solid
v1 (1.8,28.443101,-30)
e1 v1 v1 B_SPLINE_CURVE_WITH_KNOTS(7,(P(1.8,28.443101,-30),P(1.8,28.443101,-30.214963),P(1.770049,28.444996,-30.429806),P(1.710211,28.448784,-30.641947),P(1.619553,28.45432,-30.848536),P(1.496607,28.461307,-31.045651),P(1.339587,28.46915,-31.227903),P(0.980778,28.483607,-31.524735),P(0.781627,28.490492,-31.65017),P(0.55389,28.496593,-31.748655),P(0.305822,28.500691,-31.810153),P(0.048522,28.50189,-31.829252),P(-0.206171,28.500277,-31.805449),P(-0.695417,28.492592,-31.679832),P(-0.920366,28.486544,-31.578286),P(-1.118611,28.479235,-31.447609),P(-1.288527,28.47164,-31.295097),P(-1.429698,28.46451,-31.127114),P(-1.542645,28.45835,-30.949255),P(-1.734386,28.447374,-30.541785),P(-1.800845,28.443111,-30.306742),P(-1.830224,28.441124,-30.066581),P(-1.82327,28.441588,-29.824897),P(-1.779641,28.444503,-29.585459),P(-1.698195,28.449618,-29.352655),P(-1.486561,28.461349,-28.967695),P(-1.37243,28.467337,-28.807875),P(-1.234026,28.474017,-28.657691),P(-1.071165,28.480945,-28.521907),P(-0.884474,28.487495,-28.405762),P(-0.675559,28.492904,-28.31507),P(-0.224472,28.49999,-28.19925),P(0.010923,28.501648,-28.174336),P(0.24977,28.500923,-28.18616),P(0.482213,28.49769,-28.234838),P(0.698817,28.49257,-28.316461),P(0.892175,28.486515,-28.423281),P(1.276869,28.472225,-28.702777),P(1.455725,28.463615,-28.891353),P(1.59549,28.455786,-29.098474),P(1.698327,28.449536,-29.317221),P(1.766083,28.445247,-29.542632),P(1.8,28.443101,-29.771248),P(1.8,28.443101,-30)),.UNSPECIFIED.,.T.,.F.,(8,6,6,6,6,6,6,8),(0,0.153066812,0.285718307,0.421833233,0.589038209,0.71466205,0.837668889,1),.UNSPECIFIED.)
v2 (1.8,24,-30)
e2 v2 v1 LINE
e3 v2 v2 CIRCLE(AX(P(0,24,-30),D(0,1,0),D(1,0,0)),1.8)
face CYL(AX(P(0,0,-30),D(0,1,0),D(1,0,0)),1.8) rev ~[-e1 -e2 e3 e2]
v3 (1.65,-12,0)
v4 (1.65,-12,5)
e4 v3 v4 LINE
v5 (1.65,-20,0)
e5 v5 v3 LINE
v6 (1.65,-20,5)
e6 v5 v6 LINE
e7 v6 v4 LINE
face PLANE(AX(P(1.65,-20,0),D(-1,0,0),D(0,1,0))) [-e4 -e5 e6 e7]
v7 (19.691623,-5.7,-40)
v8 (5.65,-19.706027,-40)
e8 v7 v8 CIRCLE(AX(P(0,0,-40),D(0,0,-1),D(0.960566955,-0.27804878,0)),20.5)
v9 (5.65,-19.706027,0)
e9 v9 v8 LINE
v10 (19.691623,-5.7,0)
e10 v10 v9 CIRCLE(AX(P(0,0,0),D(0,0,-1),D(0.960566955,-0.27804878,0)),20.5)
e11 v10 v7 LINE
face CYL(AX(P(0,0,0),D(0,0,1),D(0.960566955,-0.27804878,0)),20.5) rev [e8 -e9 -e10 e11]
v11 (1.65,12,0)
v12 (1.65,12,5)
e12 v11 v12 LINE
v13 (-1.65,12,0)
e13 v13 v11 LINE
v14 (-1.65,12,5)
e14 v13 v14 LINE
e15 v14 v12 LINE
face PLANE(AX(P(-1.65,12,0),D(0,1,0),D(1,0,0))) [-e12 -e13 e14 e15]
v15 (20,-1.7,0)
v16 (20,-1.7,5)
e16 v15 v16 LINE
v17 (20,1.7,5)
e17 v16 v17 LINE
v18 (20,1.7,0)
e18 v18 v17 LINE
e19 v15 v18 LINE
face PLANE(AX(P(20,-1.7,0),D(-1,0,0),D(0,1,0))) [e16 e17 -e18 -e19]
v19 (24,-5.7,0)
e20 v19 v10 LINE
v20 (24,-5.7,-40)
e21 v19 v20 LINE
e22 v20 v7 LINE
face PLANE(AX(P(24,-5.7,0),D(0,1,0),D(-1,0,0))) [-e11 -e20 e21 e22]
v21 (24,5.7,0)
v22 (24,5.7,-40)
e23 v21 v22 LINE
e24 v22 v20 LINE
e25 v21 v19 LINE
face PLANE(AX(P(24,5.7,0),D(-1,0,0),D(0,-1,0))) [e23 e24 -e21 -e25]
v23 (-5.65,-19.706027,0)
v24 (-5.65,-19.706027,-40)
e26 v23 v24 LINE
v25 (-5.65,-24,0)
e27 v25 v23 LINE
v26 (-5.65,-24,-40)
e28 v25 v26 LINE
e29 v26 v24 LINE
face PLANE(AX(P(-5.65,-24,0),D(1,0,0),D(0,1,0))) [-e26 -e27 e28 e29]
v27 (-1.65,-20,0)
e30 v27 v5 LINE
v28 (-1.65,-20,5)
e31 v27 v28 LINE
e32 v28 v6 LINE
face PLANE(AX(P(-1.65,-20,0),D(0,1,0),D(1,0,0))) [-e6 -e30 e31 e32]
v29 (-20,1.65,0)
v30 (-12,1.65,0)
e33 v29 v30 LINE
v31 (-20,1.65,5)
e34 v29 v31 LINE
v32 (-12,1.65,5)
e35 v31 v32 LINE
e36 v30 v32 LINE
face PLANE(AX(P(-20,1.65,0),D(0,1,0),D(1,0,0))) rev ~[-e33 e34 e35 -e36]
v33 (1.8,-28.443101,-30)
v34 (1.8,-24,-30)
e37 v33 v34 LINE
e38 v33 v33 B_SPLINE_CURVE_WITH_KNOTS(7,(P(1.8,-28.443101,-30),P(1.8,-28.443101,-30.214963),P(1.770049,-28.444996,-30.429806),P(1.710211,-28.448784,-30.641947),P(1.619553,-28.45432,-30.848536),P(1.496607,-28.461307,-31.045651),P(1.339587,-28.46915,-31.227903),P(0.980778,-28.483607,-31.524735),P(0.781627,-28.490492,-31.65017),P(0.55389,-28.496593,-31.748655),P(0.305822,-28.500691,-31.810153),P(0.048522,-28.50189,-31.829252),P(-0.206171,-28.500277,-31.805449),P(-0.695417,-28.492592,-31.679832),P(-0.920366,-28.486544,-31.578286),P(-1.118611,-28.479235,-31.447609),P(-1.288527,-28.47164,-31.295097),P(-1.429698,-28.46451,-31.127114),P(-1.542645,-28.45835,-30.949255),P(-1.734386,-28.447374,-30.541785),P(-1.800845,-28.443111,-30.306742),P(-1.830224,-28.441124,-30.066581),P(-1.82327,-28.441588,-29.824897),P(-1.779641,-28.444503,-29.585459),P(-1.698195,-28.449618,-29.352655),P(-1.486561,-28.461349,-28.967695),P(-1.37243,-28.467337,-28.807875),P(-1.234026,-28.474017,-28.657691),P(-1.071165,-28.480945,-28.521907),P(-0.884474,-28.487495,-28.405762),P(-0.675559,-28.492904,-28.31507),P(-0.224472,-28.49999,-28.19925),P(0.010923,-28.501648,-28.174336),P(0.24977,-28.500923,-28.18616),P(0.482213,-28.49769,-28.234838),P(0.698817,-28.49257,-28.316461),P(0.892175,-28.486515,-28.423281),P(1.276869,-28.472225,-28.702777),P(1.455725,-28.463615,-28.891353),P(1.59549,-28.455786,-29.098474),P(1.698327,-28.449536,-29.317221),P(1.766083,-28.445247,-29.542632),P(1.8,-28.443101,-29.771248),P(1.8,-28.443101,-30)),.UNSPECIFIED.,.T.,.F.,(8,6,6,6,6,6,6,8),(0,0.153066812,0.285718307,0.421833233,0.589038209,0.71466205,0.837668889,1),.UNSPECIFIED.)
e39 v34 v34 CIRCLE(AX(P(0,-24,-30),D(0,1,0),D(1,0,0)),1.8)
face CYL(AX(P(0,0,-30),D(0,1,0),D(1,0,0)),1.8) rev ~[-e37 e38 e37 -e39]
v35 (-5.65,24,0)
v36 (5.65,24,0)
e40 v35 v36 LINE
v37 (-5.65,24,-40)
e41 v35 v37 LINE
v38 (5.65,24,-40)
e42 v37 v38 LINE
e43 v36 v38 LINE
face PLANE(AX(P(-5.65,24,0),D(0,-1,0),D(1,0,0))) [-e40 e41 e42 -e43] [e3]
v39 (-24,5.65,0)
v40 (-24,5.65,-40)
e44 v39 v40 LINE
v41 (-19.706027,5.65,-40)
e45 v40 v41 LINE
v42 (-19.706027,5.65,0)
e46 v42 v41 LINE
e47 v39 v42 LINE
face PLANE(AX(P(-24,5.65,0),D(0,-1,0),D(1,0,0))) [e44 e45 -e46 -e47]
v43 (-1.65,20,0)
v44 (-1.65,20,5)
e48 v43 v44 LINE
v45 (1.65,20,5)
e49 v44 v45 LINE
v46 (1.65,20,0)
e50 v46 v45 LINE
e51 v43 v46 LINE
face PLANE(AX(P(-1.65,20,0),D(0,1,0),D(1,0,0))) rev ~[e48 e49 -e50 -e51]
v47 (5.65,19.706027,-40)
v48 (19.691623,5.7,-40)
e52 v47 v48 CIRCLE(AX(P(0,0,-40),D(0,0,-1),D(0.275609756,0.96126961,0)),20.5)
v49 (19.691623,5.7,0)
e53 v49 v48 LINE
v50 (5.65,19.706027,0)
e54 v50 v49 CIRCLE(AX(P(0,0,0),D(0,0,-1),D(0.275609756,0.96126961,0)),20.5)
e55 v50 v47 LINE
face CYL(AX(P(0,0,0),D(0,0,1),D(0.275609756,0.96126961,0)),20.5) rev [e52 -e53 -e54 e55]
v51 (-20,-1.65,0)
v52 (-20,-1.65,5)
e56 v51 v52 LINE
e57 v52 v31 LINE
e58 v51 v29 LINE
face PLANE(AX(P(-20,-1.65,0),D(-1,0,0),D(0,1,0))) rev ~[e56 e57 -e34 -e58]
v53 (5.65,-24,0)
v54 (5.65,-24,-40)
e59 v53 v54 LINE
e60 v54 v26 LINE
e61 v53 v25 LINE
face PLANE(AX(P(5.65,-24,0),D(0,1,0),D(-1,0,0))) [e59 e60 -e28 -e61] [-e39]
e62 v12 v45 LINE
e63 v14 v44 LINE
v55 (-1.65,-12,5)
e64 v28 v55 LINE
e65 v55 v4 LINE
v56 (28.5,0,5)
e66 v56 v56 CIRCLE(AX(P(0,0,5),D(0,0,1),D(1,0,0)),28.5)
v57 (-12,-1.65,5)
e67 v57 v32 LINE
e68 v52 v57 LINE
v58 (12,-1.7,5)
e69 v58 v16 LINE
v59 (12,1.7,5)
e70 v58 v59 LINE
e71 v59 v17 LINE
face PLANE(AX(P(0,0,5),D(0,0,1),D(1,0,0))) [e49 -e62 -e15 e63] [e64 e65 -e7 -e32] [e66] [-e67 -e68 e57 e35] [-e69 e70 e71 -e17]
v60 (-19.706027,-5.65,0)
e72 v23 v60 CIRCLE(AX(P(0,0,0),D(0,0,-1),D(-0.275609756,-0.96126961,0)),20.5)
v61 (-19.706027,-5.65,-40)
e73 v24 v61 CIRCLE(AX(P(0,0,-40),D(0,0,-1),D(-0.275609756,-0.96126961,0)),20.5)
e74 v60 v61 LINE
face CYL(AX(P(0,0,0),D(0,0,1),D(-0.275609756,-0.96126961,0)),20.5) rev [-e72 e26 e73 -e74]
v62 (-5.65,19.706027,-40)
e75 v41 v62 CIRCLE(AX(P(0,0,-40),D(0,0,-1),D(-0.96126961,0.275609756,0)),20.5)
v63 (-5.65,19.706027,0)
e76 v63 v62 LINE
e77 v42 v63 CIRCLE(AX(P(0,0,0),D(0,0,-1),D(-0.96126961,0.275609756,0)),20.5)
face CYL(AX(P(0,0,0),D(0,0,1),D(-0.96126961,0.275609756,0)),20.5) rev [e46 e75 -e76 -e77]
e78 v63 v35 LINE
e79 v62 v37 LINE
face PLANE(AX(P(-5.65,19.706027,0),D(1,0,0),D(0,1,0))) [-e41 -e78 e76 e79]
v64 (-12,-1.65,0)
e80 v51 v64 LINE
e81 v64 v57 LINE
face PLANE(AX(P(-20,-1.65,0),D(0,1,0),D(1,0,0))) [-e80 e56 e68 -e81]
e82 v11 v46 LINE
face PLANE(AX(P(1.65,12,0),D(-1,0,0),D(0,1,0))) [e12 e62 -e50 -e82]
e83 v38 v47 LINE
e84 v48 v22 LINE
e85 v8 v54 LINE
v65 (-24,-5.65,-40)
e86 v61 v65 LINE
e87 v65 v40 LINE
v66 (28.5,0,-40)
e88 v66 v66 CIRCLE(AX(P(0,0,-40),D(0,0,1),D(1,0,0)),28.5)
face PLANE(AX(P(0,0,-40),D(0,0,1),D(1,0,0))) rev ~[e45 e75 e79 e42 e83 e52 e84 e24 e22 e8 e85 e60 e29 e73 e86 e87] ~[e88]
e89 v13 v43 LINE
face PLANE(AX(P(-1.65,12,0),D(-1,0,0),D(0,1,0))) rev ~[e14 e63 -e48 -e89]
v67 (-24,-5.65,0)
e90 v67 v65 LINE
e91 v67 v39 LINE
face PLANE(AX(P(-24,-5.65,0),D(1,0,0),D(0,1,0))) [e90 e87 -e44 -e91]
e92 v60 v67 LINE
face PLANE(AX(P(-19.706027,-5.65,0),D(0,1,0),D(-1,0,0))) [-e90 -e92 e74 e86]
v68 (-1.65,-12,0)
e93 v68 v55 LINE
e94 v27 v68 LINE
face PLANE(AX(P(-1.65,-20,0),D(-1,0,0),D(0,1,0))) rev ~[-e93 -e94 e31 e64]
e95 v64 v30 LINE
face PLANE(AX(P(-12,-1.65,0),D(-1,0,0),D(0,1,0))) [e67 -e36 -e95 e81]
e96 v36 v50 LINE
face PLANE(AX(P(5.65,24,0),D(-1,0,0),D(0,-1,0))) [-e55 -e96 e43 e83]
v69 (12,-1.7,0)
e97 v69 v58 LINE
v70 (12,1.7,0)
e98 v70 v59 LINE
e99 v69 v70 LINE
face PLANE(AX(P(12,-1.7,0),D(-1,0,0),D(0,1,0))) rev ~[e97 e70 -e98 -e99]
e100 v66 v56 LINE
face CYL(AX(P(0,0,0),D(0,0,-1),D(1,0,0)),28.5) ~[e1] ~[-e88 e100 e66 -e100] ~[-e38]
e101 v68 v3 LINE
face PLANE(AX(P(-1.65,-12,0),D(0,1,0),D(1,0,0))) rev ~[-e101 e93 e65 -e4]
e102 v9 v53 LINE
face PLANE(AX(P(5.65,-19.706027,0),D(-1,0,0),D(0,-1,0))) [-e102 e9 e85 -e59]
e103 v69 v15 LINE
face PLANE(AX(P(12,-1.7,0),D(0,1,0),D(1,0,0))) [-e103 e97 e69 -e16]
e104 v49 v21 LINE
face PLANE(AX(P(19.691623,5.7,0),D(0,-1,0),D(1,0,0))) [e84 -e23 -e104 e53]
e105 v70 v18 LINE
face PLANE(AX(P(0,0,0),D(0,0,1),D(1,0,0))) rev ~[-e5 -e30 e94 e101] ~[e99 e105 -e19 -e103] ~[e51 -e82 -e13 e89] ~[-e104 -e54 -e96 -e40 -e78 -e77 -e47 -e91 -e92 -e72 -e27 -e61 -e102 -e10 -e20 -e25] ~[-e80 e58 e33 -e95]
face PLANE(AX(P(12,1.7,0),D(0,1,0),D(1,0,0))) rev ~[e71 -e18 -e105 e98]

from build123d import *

# Parameters (mm, degrees)
SKETCH1_R           = 28.5
SKETCH1_W           = 3.3
SKETCH1_H           = 8
SKETCH1_W_2         = 8
SKETCH1_H_2         = 3.3
SKETCH1_H_3         = 3.4
BOSS_EXTRUDE1_DEPTH = 5
SKETCH1_3_R         = 28.5
BOSS_EXTRUDE2_DEPTH = 40
SKETCH2_R           = 1.8
CUT_EXTRUDE1_DEPTH  = 35


with BuildPart() as part:
    # Sketch1 → Boss-Extrude1 (new body)
    with BuildSketch(Plane.XY):
        Circle(SKETCH1_R)
        with Locations((0, 16)):
            Rectangle(SKETCH1_W, SKETCH1_H, mode=Mode.SUBTRACT)
        with Locations((-16, 0)):
            Rectangle(SKETCH1_W_2, SKETCH1_H_2, mode=Mode.SUBTRACT)
        with Locations((0, -16)):
            Rectangle(SKETCH1_W, SKETCH1_H, mode=Mode.SUBTRACT)
        with Locations((16, 0)):
            Rectangle(SKETCH1_W_2, SKETCH1_H_3, mode=Mode.SUBTRACT)
    extrude(amount=BOSS_EXTRUDE1_DEPTH)


with BuildPart() as body_2:
    # Sketch1_3 → Boss-Extrude2 (new body)
    with BuildSketch(Plane.XY):
        Circle(SKETCH1_3_R)
        with BuildLine():
            Line((-5.65, 19.706026997), (-5.65, 24))
            Line((-5.65, 24), (5.65, 24))
            Line((5.65, 24), (5.65, 19.706026997))
            ThreePointArc((5.65, 19.706026997), (14.477280714, 14.514073968), (19.691622584, 5.7))
            Line((19.691622584, 5.7), (24, 5.7))
            Line((24, 5.7), (24, -5.7))
            Line((24, -5.7), (19.691622584, -5.7))
            ThreePointArc((19.691622584, -5.7), (14.477280714, -14.514073968), (5.65, -19.706026997))
            Line((5.65, -19.706026997), (5.65, -24))
            Line((5.65, -24), (-5.65, -24))
            Line((-5.65, -24), (-5.65, -19.706026997))
            ThreePointArc((-5.65, -19.706026997), (-14.495689014, -14.495689014), (-19.706026997, -5.65))
            Line((-19.706026997, -5.65), (-24, -5.65))
            Line((-24, -5.65), (-24, 5.65))
            Line((-24, 5.65), (-19.706026997, 5.65))
            ThreePointArc((-19.706026997, 5.65), (-14.495689014, 14.495689014), (-5.65, 19.706026997))
        make_face(mode=Mode.SUBTRACT)
    extrude(amount=-BOSS_EXTRUDE2_DEPTH)

    # Combine1: union part
    add(part.part)

    # Sketch2 → Cut-Extrude1 (cut, symmetric)
    with BuildSketch(Plane(origin=(0, 0, 0), x_dir=(1, 0, 0), z_dir=(0, 1, 0))):
        with Locations((0, 30)):
            Circle(SKETCH2_R)
    extrude(amount=CUT_EXTRUDE1_DEPTH, both=True, mode=Mode.SUBTRACT)


solid = body_2.part
